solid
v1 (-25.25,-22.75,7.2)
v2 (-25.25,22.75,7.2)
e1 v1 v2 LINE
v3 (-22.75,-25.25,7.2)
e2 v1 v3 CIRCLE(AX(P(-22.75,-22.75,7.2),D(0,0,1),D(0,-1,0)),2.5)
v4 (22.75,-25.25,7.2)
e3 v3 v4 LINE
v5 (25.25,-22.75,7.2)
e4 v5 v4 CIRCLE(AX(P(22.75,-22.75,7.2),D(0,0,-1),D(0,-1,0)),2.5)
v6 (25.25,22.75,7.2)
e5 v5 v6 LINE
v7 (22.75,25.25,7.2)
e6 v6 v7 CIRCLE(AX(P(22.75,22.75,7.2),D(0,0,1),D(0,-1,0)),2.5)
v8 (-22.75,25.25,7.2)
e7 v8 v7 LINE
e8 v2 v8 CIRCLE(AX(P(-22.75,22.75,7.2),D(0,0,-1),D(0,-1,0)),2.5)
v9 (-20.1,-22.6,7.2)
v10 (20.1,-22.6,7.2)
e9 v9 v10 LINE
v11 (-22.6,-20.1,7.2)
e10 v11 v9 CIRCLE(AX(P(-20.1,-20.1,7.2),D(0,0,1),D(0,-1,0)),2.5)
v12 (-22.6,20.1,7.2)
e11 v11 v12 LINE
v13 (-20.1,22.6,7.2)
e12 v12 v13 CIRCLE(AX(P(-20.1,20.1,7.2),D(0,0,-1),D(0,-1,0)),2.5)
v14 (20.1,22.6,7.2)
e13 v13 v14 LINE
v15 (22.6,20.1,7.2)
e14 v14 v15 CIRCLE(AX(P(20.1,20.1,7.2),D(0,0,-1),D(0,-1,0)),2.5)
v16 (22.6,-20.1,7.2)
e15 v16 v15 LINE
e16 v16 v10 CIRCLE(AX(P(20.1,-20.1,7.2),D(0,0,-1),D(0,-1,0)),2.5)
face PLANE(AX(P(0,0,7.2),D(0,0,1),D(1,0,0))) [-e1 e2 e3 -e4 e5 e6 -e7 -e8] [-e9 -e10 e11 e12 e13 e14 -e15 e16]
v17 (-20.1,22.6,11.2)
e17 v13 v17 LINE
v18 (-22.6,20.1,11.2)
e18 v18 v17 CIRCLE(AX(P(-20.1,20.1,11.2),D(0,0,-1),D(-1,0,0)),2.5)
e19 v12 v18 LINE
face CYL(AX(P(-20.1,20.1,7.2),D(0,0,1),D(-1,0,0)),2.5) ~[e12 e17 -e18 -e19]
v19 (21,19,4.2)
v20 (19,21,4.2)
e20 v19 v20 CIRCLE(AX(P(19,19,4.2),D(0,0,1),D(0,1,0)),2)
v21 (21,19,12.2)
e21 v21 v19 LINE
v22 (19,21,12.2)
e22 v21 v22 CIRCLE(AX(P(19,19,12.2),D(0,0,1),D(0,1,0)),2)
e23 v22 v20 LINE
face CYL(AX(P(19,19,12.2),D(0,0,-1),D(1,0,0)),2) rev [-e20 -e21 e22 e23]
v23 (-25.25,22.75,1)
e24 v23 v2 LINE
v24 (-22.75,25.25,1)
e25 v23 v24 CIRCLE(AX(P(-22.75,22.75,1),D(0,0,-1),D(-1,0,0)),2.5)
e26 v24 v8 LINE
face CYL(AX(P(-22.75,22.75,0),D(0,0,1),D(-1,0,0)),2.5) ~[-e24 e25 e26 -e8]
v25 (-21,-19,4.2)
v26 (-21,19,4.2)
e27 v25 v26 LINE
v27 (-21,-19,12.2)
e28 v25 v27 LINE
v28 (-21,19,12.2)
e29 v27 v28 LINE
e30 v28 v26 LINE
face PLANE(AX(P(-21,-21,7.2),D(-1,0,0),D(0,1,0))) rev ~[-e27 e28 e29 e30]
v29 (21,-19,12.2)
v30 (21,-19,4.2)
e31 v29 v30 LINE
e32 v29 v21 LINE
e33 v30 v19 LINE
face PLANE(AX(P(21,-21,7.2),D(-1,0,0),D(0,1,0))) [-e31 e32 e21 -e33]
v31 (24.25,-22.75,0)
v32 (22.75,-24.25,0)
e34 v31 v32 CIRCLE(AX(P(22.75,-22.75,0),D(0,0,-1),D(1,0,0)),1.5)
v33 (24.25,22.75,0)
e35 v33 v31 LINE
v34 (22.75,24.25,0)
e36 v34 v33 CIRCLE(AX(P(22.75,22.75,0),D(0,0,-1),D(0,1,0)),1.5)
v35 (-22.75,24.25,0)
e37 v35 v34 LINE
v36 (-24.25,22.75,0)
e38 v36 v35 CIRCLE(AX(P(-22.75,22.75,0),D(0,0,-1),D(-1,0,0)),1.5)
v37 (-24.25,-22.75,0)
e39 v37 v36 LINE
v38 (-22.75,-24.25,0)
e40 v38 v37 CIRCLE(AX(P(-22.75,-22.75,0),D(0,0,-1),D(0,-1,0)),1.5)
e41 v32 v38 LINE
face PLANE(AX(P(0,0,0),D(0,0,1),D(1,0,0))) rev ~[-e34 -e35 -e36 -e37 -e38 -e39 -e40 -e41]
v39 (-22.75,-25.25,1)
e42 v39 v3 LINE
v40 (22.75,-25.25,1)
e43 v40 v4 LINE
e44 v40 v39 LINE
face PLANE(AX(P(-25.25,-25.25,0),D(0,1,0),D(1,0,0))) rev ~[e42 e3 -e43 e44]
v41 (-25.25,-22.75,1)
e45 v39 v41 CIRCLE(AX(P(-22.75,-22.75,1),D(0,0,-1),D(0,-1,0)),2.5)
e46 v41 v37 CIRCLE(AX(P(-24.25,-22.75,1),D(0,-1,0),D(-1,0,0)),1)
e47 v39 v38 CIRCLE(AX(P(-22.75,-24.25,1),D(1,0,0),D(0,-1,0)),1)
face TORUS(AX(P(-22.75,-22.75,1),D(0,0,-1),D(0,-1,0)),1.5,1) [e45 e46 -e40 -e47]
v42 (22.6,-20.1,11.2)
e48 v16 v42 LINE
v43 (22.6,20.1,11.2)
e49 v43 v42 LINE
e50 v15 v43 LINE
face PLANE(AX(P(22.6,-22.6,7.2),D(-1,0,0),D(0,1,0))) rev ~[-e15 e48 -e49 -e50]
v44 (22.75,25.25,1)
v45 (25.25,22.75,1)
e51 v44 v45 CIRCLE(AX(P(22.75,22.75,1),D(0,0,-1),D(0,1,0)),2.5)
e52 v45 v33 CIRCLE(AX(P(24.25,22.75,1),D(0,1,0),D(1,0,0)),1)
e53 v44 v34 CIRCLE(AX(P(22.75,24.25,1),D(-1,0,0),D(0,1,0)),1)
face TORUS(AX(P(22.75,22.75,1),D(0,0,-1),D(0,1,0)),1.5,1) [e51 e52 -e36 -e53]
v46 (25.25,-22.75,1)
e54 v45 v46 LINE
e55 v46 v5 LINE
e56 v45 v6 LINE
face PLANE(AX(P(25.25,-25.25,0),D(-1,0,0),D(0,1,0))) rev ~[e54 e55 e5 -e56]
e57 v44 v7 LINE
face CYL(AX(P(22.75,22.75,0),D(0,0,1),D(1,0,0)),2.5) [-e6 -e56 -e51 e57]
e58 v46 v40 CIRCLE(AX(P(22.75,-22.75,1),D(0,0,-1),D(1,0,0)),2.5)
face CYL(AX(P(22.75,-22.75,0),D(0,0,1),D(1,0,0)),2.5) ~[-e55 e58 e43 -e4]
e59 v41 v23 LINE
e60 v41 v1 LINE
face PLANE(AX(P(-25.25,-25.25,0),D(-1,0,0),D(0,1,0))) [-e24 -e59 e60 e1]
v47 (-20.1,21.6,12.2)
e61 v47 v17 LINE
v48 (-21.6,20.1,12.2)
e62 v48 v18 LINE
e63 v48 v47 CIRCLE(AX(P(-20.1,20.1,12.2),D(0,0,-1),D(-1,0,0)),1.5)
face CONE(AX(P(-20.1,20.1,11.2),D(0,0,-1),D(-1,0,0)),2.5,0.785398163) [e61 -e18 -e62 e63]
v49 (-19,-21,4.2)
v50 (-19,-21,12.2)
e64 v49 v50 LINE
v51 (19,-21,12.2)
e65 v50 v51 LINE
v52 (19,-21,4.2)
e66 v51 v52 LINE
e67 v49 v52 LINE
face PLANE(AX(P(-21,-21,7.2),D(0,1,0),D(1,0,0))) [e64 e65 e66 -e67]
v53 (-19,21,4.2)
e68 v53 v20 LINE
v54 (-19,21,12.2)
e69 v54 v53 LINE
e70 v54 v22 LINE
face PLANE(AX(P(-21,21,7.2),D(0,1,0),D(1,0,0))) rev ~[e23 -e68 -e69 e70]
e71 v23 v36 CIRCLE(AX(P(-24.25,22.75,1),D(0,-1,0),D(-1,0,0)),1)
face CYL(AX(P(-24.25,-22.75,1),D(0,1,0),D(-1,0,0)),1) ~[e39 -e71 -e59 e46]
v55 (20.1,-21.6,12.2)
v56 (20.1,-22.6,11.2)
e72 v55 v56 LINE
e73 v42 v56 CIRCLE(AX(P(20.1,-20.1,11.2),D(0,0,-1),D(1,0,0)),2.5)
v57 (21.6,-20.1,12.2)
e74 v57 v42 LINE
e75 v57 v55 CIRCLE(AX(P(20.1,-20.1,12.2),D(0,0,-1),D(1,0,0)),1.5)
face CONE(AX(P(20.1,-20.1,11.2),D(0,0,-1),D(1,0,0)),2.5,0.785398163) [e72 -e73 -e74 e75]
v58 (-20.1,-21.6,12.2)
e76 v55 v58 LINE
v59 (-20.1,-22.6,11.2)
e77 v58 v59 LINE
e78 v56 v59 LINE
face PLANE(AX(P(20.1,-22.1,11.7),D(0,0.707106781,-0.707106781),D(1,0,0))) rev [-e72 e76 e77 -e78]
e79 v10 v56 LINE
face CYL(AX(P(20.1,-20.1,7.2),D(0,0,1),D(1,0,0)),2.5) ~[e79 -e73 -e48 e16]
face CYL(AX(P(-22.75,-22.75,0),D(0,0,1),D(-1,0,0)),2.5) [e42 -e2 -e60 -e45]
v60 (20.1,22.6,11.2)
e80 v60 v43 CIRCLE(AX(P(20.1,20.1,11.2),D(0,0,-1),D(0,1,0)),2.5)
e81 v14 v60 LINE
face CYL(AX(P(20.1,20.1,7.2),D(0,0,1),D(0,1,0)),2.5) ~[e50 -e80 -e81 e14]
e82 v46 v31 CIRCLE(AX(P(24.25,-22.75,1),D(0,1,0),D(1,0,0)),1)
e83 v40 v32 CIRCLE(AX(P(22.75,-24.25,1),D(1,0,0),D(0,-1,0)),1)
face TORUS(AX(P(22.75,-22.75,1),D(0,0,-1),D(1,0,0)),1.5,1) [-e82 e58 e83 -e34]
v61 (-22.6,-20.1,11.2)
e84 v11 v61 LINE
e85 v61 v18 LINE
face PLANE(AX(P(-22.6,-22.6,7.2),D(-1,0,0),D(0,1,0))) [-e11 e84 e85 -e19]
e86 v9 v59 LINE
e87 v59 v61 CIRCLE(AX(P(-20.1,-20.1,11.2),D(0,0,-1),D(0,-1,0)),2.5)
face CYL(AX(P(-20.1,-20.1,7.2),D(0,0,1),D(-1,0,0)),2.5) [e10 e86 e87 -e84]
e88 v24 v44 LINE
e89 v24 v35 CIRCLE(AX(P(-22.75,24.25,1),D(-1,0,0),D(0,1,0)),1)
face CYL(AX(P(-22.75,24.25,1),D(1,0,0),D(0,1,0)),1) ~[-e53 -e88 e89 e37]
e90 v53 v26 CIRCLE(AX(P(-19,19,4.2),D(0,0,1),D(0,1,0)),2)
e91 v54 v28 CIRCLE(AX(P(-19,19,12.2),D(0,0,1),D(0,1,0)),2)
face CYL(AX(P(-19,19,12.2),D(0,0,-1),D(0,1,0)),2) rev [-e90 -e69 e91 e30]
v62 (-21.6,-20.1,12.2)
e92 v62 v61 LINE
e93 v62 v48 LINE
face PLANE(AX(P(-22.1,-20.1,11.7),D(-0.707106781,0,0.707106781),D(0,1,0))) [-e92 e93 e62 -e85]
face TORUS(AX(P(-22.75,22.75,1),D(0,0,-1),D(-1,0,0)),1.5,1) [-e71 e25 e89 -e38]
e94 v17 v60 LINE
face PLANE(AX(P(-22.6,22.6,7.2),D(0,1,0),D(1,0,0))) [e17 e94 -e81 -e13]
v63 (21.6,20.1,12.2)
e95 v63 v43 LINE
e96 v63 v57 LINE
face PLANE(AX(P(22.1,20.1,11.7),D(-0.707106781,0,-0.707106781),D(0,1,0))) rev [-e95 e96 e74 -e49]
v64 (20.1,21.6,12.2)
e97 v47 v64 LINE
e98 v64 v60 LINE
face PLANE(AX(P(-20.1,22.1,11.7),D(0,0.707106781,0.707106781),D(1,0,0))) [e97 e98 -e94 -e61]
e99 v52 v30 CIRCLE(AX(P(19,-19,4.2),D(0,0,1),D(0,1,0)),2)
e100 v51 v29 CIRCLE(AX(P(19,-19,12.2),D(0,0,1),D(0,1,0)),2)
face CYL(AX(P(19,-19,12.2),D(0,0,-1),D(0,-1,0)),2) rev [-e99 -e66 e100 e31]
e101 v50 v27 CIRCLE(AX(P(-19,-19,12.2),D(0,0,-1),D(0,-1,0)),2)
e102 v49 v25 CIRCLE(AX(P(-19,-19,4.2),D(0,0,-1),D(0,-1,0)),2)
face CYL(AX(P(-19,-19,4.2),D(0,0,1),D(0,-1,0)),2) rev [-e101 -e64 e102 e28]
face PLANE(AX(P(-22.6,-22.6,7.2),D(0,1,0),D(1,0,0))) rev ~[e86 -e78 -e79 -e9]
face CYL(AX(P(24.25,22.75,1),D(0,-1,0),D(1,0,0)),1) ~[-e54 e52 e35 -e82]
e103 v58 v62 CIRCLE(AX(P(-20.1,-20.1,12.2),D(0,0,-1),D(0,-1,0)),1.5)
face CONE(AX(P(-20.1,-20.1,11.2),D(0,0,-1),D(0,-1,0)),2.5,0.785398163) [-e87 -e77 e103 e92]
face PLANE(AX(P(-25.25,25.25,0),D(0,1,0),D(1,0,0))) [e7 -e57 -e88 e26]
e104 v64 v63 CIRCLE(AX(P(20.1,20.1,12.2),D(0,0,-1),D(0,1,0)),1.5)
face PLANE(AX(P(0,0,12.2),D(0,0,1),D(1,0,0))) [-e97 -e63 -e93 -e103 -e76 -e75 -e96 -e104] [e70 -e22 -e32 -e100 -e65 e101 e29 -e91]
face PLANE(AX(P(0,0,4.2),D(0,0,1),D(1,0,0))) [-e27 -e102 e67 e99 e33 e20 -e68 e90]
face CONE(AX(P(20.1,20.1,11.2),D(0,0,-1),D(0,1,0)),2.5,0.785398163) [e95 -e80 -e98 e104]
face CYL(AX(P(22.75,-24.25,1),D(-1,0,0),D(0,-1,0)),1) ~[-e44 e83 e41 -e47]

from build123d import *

# Parameters (mm, degrees)
F0_W          = 50.5
F0_H          = 50.5
F1_DEPTH      = 7.2
F2_W          = 45.2
F2_H          = 45.2
F3_DEPTH      = 5
F4_W          = 42
F4_H          = 42
F5_DEPTH      = 5
F5_DEPTH_BACK = 3
F6_R          = 2.5
F7_R          = 2
F8_SIZE       = 1
F9_R          = 1


with BuildPart() as f1:
    # F0 (on Top) → F1 (new body)
    with BuildSketch(Plane.XY):
        Rectangle(F0_W, F0_H)
    extrude(amount=F1_DEPTH)

    # F2 (on face) → F3 (join)
    with BuildSketch(Plane.XY.offset(7.2)):
        Rectangle(F2_W, F2_H)
    extrude(amount=F3_DEPTH)

    # F4 (on face) → F5 (cut, two sides)
    with BuildSketch(Plane.XY.offset(7.2)) as f5_sk:
        Rectangle(F4_W, F4_H)
    extrude(amount=F5_DEPTH, mode=Mode.SUBTRACT)
    extrude(f5_sk.sketch, amount=-F5_DEPTH_BACK, mode=Mode.SUBTRACT)

    # F6
    f6_edges = [f1.edges().sort_by_distance(p)[0] for p in [
        (-25.25, 25.25, 3.6),
        (-25.25, -25.25, 3.6),
        (25.25, -25.25, 3.6),
        (25.25, 25.25, 3.6),
        (-22.6, 22.6, 9.7),
        (-22.6, -22.6, 9.7),
        (22.6, -22.6, 9.7),
        (22.6, 22.6, 9.7),
    ]]
    fillet(f6_edges, radius=F6_R)

    # F7
    f7_edges = [f1.edges().sort_by_distance(p)[0] for p in [
        (-21, 21, 8.2),
        (21, 21, 8.2),
        (21, -21, 8.2),
        (-21, -21, 8.2),
    ]]
    fillet(f7_edges, radius=F7_R)

    # F8
    f8_edges = [f1.edges().sort_by_distance(p)[0] for p in [
        (-22.6, 0, 12.2),
    ]]
    chamfer(f8_edges, length=F8_SIZE)

    # F9
    f9_edges = [f1.edges().sort_by_distance(p)[0] for p in [
        (0, 25.25, 0),
    ]]
    fillet(f9_edges, radius=F9_R)


solid = f1.part
